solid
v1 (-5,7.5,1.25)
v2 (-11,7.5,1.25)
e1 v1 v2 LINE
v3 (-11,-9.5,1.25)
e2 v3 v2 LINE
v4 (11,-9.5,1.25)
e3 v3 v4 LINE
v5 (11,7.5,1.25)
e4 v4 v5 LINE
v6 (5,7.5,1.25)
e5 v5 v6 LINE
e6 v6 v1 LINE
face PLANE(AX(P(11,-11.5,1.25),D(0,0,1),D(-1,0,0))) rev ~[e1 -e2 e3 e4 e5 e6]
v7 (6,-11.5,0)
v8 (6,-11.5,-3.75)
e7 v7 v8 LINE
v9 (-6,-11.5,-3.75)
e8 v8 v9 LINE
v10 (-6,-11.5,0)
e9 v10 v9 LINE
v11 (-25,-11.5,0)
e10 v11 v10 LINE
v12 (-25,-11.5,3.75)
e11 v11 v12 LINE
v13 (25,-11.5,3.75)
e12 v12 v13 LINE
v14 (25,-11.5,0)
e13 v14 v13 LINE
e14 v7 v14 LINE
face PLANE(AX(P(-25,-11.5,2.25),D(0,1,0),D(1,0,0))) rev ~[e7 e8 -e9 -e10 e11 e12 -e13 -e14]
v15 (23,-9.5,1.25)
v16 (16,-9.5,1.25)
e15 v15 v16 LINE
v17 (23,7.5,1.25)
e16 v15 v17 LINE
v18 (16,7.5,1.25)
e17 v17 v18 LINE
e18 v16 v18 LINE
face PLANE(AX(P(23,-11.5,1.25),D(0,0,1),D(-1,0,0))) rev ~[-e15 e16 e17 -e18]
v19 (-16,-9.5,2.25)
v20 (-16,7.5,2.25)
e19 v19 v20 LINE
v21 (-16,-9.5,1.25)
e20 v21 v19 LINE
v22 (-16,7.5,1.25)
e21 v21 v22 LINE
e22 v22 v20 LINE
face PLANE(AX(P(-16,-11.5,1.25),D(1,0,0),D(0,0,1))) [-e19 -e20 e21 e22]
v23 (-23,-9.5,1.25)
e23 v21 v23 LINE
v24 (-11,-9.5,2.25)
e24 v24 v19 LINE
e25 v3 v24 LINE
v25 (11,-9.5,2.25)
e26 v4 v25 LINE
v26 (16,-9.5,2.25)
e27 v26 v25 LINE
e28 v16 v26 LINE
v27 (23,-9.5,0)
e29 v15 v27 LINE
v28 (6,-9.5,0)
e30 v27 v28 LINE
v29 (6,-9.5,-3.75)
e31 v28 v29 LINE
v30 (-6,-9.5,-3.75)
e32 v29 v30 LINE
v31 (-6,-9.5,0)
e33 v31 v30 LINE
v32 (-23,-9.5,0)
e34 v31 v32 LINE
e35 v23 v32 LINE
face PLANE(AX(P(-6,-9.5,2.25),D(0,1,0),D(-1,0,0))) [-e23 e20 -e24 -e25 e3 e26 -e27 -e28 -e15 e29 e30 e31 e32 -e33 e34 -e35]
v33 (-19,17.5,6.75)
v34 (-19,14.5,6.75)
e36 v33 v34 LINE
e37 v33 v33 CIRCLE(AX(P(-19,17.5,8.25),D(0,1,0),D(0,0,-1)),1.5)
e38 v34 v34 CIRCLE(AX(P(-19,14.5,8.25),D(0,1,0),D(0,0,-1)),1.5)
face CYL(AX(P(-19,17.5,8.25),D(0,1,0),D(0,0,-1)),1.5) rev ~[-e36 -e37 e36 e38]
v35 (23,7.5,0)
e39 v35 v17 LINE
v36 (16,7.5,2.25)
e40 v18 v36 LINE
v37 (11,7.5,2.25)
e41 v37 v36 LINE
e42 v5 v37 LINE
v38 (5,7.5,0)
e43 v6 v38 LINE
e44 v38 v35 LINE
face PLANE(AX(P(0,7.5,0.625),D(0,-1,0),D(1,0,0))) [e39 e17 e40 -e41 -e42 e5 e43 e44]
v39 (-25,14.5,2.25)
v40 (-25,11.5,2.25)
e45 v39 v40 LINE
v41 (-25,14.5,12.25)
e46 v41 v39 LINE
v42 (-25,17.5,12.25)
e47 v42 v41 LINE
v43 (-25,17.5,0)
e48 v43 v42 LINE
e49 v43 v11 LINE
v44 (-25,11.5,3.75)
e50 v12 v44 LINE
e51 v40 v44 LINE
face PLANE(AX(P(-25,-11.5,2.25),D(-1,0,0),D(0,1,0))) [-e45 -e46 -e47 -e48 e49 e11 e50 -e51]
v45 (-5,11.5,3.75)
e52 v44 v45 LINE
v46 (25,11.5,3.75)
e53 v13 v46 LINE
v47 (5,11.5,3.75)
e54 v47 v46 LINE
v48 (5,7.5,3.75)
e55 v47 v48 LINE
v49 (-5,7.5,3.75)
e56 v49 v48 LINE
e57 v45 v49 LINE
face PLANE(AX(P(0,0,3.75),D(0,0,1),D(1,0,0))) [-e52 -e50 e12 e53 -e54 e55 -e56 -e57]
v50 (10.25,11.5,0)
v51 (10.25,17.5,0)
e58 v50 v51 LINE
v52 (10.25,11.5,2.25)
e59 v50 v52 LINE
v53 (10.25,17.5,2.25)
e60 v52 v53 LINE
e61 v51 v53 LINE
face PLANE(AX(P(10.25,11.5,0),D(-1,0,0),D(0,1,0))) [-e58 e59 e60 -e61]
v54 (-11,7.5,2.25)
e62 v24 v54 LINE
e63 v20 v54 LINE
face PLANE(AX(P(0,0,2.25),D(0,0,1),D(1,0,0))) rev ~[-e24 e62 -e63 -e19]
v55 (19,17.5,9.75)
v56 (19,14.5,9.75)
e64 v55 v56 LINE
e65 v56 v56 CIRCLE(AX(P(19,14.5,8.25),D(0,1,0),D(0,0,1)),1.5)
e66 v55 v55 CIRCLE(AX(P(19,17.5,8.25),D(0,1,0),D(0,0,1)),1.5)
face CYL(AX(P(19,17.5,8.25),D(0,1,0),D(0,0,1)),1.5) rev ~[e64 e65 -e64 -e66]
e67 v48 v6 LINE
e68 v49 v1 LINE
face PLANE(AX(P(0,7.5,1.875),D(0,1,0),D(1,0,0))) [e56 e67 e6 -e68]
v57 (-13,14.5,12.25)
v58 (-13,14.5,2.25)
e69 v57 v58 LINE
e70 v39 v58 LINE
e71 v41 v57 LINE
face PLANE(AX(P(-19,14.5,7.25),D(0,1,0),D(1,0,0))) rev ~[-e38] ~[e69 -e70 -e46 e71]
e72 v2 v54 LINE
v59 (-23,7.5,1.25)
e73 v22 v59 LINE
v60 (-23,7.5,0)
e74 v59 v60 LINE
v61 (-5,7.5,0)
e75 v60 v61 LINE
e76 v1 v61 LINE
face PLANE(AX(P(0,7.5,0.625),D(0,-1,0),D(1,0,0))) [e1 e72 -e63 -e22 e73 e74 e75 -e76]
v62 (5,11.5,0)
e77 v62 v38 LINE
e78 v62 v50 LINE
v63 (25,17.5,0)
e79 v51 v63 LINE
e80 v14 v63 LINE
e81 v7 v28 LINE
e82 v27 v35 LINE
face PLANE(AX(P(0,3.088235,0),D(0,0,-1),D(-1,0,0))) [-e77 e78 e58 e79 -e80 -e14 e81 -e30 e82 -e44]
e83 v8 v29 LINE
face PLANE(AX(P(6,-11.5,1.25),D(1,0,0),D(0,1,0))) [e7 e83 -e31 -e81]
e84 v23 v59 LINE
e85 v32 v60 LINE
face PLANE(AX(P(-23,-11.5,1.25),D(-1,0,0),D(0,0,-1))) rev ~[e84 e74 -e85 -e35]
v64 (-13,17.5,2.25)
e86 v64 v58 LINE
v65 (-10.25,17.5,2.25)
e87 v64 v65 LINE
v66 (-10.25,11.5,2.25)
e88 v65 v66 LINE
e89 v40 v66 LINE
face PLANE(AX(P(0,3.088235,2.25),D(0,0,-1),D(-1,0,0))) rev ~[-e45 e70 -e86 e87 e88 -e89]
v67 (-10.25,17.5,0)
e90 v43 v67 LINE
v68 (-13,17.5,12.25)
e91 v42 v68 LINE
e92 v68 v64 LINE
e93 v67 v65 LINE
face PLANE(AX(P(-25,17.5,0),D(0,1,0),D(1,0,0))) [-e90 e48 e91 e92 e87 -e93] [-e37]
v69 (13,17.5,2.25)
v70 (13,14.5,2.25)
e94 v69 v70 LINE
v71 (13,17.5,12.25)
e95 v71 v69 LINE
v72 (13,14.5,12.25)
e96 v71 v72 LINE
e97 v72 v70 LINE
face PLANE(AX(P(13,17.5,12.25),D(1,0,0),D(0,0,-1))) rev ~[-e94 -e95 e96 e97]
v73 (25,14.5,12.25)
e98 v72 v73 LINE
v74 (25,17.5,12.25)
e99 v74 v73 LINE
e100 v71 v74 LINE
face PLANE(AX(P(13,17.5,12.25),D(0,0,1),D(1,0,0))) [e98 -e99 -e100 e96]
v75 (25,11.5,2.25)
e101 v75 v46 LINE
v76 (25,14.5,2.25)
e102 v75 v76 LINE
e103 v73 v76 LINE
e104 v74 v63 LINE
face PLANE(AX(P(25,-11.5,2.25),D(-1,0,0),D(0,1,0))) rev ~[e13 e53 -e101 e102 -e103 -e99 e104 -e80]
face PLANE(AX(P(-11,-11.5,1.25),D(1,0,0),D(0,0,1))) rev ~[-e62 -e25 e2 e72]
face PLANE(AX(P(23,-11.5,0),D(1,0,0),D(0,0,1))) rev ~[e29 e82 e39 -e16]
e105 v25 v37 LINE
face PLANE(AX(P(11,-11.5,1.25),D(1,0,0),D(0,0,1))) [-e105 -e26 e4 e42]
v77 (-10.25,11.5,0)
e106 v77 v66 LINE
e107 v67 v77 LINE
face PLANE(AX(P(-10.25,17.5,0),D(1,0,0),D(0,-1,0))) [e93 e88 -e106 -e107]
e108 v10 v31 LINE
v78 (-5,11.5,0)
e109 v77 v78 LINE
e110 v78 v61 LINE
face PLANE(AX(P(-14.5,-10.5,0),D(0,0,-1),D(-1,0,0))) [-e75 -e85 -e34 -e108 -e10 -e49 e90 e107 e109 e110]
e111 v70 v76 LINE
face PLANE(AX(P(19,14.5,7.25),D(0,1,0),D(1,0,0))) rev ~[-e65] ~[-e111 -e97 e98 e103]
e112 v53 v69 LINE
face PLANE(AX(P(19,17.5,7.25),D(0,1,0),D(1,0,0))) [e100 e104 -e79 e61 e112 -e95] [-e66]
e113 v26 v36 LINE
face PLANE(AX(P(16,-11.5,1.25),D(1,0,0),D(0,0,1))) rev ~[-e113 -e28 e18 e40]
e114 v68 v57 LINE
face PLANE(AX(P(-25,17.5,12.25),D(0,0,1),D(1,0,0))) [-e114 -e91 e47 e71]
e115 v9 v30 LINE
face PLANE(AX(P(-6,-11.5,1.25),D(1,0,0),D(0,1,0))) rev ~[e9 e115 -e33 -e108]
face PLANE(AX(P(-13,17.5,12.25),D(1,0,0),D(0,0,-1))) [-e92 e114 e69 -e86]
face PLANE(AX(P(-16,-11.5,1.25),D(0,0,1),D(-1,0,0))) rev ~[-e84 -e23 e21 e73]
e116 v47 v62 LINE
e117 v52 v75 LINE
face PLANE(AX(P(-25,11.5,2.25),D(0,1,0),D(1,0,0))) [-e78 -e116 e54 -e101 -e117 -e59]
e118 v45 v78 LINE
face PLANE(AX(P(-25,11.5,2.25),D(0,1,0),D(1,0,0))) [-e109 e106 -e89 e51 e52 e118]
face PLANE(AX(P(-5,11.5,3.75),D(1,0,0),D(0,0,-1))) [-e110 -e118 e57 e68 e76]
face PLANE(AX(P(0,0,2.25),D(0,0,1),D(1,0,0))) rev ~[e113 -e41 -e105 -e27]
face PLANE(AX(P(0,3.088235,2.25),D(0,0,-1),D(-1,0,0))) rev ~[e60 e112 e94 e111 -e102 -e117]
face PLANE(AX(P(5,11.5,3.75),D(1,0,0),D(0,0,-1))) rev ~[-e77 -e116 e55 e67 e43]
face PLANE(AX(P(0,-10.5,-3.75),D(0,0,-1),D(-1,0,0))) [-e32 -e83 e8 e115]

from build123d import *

# Parameters (mm, degrees)
BOSS_EXTRUDE1_DEPTH = 2.25
SKETCH2_W           = 12
SKETCH2_H           = 10
SKETCH2_R           = 1.5
BOSS_EXTRUDE3_DEPTH = 3
SKETCH3_W           = 5
SKETCH3_H           = 1
CUT_EXTRUDE1_DEPTH  = 19
SKETCH4_W           = 50
SKETCH4_H           = 23
BOSS_EXTRUDE5_DEPTH = 1.5
SKETCH5_W           = 10
SKETCH5_H           = 3.75
CUT_EXTRUDE2_DEPTH  = 4
SKETCH7_W           = 12
SKETCH7_H           = 2
BOSS_EXTRUDE6_DEPTH = 5
BOSS_EXTRUDE7_START = -1
SKETCH8_W           = 17
SKETCH8_H           = 2
BOSS_EXTRUDE7_DEPTH = 2.25


with BuildPart() as part:
    # Sketch1 → Boss-Extrude1 (new body)
    with BuildSketch(Plane.XY):
        Polygon((25, -11.5), (-25, -11.5), (-25, 11.5), (-25, 17.5), (-10.25, 17.5), (-10.25, 11.5), (10.25, 11.5), (10.25, 17.5), (25, 17.5), (25, 11.5), align=None)
    extrude(amount=BOSS_EXTRUDE1_DEPTH)

    # Sketch2 → Boss-Extrude3 (add)
    # profile 1 of 2: a face of its own
    with BuildSketch(Plane(origin=(0, 17.5, 0), x_dir=(1, 0, 0), z_dir=(0, 1, 0))):
        with Locations((19, -7.25)):
            Rectangle(SKETCH2_W, SKETCH2_H)
        with Locations(Location((19, -8.25, 0), (0, 0, 270))):
            Circle(SKETCH2_R, mode=Mode.SUBTRACT)
    # profile 2 of 2: a face of its own
    with BuildSketch(Plane(origin=(0, 17.5, 0), x_dir=(1, 0, 0), z_dir=(0, 1, 0))):
        with Locations((-19, -7.25)):
            Rectangle(SKETCH2_W, SKETCH2_H)
        with Locations(Location((-19, -8.25, 0), (0, 0, 90))):
            Circle(SKETCH2_R, mode=Mode.SUBTRACT)
    extrude(amount=-BOSS_EXTRUDE3_DEPTH)

    # Sketch3 → Cut-Extrude1 (cut)
    with BuildSketch(Plane.XZ.offset(11.5)):
        Polygon((-23, 1.25), (-23, 0), (23, 0), (23, 1.25), (16, 1.25), (11, 1.25), (-11, 1.25), (-16, 1.25), align=None)
        with Locations((-13.5, 1.75)):
            Rectangle(SKETCH3_W, SKETCH3_H)
        with Locations((13.5, 1.75)):
            Rectangle(SKETCH3_W, SKETCH3_H)
    extrude(amount=-CUT_EXTRUDE1_DEPTH, mode=Mode.SUBTRACT)

    # Sketch4 → Boss-Extrude5 (add)
    with BuildSketch(Plane.XY.offset(2.25)):
        Rectangle(SKETCH4_W, SKETCH4_H)
    extrude(amount=BOSS_EXTRUDE5_DEPTH)

    # Sketch5 → Cut-Extrude2 (cut)
    with BuildSketch(Plane(origin=(0, 11.5, 0), x_dir=(1, 0, 0), z_dir=(0, 1, 0))):
        with Locations((0, -1.875)):
            Rectangle(SKETCH5_W, SKETCH5_H)
    extrude(amount=-CUT_EXTRUDE2_DEPTH, mode=Mode.SUBTRACT)

    # Sketch7 → Boss-Extrude6 (add)
    with BuildSketch(Plane(origin=(0, 0, 1.25), x_dir=(-1, 0, 0), z_dir=(0, 0, -1))):
        with Locations((0, -10.5)):
            Rectangle(SKETCH7_W, SKETCH7_H)
    extrude(amount=BOSS_EXTRUDE6_DEPTH)

    # Sketch8 → Boss-Extrude7 (add)
    with BuildSketch(Plane(origin=(0, 0, 1.25), x_dir=(-1, 0, 0), z_dir=(0, 0, -1)).offset(BOSS_EXTRUDE7_START)):
        with Locations((14.5, -10.5)):
            Rectangle(SKETCH8_W, SKETCH8_H)
        with Locations((-14.5, -10.5)):
            Rectangle(SKETCH8_W, SKETCH8_H)
    extrude(amount=BOSS_EXTRUDE7_DEPTH)


solid = part.part
